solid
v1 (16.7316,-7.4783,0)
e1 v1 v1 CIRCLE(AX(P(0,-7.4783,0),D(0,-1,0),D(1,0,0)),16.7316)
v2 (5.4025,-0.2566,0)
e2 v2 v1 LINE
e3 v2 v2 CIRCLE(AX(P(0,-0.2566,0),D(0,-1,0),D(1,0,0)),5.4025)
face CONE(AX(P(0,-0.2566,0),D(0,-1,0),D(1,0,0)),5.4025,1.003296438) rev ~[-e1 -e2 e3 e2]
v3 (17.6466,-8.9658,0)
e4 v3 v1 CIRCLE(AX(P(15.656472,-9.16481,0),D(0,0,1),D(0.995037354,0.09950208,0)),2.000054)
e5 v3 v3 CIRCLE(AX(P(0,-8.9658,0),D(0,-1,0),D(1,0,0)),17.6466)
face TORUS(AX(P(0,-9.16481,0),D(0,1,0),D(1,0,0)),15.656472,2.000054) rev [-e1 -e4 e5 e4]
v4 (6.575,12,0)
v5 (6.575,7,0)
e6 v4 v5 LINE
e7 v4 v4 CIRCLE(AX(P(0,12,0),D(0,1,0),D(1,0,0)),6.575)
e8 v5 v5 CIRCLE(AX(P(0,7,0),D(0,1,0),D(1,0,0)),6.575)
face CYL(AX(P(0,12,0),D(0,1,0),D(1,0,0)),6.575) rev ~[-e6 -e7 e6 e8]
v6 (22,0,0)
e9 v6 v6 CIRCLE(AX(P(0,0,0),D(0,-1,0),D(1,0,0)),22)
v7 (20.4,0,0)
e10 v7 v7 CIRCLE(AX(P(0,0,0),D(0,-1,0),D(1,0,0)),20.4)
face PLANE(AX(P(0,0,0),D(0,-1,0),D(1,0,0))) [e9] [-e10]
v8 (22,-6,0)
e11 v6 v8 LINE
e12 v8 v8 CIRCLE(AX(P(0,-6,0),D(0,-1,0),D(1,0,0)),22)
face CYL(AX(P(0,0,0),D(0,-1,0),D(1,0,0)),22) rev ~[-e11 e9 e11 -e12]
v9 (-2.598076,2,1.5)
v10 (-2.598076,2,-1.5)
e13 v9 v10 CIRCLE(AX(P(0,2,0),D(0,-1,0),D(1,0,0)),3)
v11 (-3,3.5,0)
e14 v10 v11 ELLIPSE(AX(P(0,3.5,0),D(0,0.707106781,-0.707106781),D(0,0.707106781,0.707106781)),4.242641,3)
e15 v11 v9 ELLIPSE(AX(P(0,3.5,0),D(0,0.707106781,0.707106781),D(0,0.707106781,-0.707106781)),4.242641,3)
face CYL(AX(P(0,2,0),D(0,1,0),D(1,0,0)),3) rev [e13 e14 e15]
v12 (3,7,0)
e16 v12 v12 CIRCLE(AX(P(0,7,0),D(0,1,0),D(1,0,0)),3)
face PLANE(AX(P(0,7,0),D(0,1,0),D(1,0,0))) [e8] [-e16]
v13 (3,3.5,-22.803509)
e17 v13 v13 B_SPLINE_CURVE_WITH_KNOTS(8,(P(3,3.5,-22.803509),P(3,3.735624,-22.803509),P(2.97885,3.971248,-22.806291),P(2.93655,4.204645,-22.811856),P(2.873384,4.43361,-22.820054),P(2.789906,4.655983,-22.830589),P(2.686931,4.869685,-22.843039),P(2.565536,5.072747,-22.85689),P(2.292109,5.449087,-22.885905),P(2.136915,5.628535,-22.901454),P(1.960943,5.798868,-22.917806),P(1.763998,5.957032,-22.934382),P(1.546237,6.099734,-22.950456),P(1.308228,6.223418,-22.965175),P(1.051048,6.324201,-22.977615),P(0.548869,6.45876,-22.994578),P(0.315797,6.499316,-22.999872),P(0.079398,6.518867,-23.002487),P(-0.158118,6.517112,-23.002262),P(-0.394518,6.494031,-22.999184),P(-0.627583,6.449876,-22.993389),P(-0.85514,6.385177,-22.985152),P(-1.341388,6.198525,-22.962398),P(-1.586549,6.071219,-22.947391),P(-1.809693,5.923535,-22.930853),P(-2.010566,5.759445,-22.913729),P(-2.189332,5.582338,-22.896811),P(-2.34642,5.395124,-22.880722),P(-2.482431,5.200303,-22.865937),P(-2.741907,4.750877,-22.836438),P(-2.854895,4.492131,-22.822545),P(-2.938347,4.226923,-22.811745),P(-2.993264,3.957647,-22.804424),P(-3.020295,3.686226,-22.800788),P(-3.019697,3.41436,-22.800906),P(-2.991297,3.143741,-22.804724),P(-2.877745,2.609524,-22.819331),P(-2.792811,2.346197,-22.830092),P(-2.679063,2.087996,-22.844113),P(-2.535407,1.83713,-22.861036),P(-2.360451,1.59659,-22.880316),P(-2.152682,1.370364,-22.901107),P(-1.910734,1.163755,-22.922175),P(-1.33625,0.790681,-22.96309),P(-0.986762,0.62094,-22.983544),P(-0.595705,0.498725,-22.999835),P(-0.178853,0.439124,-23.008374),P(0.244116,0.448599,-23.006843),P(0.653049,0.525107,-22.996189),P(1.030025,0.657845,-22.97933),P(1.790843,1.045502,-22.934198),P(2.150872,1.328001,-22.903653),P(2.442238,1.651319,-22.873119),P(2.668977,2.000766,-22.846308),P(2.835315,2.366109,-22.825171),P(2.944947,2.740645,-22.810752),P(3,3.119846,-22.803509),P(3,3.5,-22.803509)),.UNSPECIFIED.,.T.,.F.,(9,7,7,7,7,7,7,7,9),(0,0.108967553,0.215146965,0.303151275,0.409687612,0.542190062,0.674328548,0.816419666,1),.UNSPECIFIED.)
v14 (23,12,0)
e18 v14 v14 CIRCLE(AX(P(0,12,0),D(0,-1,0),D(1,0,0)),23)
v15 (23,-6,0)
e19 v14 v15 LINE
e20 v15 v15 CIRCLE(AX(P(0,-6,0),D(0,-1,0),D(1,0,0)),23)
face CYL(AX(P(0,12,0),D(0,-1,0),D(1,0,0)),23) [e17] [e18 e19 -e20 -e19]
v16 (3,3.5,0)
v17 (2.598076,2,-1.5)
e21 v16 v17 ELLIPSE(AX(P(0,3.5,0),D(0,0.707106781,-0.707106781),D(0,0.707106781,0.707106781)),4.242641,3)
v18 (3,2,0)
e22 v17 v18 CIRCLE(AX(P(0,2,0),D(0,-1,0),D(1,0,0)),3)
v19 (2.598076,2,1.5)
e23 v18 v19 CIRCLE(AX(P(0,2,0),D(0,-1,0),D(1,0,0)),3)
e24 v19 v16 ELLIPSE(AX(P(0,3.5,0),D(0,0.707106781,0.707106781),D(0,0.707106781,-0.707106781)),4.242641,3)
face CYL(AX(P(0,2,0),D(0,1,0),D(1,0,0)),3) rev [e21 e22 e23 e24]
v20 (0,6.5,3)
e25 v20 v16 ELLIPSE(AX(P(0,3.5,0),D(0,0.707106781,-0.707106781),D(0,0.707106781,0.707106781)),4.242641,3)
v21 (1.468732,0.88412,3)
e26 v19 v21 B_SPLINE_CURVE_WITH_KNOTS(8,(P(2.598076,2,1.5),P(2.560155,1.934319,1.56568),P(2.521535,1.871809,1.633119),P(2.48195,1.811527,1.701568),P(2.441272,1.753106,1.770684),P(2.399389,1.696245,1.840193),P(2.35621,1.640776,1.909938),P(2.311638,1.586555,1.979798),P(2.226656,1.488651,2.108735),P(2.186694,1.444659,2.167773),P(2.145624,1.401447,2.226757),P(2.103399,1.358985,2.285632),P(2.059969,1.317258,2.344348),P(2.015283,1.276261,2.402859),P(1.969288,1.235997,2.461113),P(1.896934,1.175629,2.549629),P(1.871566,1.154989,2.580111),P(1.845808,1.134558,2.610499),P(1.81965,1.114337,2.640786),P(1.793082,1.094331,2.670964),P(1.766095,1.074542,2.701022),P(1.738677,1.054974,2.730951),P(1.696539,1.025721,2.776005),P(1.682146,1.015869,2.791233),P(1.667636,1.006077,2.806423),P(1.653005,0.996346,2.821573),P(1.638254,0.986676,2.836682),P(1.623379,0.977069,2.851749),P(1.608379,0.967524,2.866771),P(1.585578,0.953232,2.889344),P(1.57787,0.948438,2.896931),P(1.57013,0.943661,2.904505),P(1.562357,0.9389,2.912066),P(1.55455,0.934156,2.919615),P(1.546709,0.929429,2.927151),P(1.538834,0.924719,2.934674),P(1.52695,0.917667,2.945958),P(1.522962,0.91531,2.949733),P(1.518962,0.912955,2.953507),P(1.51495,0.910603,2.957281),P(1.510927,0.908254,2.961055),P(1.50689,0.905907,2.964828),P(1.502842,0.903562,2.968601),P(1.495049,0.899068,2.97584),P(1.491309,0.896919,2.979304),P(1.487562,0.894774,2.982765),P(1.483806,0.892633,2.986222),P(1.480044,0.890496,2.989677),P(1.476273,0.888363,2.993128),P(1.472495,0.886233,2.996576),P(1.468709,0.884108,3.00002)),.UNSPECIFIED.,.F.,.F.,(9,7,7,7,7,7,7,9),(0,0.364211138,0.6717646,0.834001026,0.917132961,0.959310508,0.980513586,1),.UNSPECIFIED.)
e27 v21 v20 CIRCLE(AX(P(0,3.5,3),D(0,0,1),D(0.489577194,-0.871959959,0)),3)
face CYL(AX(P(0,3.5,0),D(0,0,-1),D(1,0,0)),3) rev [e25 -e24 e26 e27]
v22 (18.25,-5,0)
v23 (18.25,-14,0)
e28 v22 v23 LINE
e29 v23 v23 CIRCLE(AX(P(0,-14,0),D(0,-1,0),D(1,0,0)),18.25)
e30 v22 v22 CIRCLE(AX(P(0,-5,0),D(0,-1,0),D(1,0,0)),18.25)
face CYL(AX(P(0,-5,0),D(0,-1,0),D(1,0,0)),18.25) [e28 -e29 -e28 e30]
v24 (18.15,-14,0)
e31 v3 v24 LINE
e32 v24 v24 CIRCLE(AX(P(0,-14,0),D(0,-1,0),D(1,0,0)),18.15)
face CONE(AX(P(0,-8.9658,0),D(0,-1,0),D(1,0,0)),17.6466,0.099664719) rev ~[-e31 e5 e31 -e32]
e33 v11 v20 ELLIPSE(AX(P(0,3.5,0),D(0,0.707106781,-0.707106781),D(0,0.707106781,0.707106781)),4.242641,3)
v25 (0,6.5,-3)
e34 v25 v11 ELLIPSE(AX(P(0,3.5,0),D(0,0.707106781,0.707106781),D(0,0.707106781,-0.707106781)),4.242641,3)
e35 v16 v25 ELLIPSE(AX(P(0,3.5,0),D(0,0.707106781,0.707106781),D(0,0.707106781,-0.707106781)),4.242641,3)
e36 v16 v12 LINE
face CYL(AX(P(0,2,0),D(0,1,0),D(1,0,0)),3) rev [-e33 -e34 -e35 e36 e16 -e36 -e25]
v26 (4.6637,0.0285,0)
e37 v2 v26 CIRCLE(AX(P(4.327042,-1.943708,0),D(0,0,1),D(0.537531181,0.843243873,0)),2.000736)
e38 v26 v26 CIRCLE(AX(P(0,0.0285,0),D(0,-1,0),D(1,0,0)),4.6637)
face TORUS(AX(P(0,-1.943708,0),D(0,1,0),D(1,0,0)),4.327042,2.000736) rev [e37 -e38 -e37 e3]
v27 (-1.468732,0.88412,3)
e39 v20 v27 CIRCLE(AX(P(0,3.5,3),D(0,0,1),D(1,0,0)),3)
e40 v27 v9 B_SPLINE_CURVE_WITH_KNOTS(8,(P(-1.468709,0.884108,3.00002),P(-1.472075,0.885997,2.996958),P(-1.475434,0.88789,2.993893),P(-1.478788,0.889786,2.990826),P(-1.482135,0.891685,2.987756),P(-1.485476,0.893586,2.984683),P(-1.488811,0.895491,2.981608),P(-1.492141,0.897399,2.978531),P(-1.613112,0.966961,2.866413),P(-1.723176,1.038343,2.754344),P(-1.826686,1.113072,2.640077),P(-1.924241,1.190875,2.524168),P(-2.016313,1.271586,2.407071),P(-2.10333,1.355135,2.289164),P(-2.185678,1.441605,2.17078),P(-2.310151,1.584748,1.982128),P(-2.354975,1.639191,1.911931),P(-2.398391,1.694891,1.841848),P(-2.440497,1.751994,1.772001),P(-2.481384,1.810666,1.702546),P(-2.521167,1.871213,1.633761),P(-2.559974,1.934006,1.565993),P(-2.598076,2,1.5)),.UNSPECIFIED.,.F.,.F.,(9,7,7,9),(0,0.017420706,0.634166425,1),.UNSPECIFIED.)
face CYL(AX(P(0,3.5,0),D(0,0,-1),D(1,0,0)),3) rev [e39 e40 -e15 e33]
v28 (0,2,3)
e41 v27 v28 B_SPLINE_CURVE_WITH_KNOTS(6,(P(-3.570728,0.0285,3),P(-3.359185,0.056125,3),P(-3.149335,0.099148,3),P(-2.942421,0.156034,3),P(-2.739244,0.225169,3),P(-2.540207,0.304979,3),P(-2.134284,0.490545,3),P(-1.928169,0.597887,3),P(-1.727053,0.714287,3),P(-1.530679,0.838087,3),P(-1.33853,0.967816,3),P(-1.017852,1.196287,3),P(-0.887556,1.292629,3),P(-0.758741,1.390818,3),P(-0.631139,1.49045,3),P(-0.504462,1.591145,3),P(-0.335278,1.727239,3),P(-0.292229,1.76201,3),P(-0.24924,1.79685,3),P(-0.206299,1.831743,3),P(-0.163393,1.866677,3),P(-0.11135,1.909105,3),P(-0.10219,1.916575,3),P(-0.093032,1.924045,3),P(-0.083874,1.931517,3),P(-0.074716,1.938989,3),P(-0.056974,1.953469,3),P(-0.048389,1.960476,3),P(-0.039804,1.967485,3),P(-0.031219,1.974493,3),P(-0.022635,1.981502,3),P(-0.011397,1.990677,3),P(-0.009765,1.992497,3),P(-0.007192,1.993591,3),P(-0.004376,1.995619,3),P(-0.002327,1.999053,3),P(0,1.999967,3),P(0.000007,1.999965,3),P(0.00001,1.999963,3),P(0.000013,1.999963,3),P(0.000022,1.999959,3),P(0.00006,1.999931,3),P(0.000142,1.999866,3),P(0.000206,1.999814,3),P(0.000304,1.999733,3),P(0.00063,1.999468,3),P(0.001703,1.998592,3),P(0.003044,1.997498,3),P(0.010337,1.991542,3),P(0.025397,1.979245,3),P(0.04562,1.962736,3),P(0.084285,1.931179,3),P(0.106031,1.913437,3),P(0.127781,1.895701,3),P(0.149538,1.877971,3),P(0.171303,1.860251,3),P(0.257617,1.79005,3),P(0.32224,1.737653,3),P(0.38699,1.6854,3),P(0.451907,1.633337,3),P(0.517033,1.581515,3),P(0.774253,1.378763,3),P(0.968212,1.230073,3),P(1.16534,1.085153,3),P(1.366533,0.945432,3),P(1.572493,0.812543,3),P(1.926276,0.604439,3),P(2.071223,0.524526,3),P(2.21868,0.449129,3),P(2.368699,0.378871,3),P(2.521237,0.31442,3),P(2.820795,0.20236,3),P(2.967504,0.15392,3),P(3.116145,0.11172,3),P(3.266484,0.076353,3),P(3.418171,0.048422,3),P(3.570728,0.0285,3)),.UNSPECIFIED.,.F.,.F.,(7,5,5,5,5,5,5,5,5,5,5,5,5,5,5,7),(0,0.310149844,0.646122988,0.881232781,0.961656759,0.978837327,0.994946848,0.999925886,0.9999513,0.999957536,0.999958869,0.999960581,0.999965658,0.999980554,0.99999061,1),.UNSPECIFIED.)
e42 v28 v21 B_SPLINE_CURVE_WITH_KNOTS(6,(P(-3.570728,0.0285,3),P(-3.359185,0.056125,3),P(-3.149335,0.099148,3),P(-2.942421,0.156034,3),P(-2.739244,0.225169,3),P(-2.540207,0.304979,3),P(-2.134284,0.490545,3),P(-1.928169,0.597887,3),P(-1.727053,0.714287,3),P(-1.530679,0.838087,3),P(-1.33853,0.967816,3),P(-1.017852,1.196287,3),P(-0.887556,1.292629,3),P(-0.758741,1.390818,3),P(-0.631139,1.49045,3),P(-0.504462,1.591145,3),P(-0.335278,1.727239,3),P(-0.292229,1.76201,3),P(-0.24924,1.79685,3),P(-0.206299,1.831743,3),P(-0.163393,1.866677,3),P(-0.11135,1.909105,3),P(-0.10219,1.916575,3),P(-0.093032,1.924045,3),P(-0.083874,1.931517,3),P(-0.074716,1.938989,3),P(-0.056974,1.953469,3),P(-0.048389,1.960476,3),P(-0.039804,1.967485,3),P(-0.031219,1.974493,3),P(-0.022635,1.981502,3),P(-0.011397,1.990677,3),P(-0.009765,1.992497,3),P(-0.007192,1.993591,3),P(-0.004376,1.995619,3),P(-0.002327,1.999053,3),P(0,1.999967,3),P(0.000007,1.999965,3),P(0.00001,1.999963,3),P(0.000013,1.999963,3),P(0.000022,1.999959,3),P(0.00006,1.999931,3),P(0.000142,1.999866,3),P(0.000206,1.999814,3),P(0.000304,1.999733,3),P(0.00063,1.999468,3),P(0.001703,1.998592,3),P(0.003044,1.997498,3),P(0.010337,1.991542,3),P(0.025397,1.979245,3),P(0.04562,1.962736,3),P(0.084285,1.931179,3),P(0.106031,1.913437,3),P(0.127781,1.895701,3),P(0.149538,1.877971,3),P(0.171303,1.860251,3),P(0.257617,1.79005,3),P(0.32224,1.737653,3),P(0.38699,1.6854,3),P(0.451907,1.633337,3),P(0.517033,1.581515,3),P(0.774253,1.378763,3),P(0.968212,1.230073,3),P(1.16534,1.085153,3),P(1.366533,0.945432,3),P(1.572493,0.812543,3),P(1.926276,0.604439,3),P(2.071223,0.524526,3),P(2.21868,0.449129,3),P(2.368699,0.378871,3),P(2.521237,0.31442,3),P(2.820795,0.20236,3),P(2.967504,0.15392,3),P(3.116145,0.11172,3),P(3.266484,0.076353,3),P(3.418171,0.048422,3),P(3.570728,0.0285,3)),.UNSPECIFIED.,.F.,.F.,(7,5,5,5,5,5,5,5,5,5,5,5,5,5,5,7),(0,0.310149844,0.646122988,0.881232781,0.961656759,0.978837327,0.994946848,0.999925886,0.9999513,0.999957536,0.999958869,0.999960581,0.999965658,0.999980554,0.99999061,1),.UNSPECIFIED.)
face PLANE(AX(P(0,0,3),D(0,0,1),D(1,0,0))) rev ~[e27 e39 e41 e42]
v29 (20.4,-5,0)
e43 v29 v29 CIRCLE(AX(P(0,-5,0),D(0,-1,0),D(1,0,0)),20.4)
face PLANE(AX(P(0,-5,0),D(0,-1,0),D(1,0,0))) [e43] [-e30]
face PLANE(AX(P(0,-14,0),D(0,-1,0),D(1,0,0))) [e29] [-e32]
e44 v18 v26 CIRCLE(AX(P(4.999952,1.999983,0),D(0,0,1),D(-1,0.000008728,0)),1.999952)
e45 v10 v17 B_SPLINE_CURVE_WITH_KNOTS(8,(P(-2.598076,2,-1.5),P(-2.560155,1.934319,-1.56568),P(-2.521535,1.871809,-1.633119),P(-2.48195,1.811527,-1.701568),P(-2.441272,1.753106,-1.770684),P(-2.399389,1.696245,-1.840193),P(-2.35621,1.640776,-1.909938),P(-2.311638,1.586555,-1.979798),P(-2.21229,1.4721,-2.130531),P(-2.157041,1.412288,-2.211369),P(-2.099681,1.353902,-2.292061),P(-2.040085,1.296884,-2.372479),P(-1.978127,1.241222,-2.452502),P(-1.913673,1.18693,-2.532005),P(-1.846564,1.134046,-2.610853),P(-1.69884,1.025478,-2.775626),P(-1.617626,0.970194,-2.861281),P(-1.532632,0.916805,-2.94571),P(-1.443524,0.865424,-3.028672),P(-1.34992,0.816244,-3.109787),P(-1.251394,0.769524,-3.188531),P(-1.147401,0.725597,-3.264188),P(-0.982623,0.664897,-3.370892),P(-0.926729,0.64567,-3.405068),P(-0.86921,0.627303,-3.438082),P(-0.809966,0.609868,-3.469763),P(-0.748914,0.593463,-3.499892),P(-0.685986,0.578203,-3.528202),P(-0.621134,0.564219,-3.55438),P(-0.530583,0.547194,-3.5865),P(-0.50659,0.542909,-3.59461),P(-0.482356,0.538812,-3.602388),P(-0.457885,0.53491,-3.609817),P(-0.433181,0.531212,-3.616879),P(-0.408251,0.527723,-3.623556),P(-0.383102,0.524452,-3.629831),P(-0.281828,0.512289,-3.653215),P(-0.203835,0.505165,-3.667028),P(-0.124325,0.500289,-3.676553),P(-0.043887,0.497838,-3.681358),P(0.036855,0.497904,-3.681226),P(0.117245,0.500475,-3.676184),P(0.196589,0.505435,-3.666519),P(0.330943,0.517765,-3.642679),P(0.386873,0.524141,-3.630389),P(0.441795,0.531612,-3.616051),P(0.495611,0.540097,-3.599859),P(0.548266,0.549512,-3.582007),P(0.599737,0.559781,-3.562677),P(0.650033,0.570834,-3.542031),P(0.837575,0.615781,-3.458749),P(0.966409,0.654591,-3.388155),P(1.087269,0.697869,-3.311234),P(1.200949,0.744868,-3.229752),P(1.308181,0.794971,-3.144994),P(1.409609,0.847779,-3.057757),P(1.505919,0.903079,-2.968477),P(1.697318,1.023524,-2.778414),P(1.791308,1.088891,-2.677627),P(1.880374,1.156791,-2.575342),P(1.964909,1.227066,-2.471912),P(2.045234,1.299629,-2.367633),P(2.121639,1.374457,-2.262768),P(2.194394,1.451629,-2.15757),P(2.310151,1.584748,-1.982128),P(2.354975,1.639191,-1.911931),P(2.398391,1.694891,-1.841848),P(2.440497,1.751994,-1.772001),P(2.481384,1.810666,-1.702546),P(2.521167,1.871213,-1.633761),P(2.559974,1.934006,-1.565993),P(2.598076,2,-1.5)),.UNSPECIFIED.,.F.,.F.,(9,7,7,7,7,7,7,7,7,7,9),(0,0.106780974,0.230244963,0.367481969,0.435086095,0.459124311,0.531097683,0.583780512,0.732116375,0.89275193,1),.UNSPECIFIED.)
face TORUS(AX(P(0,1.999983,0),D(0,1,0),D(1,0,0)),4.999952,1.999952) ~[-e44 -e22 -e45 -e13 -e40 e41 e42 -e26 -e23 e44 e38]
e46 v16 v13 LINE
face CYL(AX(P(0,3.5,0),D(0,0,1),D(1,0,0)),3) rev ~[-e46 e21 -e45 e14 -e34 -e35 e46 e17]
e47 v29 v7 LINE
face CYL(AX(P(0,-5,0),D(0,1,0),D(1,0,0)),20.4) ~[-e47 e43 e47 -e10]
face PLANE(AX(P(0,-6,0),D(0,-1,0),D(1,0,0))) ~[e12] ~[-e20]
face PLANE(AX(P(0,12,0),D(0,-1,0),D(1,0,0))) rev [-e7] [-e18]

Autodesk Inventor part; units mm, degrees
ref_plane "YZ Plane" through (0, 0, 0) normal (1, 0, 0) x (0, 1, 0)
ref_plane "XZ Plane" through (0, 0, 0) normal (0, 1, 0) x (-1, 0, 0)
ref_plane "XY Plane" through (0, 0, 0) normal (0, 0, 1) x (1, 0, 0)
sketch "Sketch1" plane through (0, 0, 0) normal (0, 0, 1) x (1, 0, 0)
  line L0 (3, 12) -> (23, 12)
  line L1 (23, 12) -> (23, 0)
  line L2 (3, 2) -> (3, 12)
  line L3 (0, 19.5472) -> (0, -22.4151)
  line L4 (23, 0) -> (22, 0) construction
  line L5 (22, 0) -> (22, -6)
  line L6 (22, -6) -> (23, -6)
  line L7 (23, -6) -> (23, 0)
  line L8 (20.4, 0) -> (17.25, 0) construction
  line L9 (17.25, 0) -> (17.25, -5) construction
  line L10 (17.25, -5) -> (20.4, -5) construction
  line L11 (20.4, -5) -> (20.4, 0)
  arc A0 (3, 2) -> (4.6637, 0.0285) centre (5, 2) ccw
  line L12 (22, 0) -> (20.4, 0)
  line L13 (17.25, 0) -> (5, 0)
  line L14 (-20.0393, 0) -> (22, 0) construction
  line L15 (23, 0) -> (24.5476, 0) construction
  line L16 (18.25, 0) -> (18.25, -5) construction
  line L17 (20.4, -5) -> (18.25, -5)
  line L18 (18.25, -5) -> (18.25, -14)
  line L19 (18.25, -14) -> (18.15, -14)
  line L20 (18.15, -14) -> (17.25, -5) construction
  line L21 (18.25, -8) -> (17.55, -8) construction
  line L22 (5.4025, -0.2566) -> (16.7316, -7.4783)
  line L23 (17.6466, -8.9658) -> (18.15, -14)
  arc A1 (17.6466, -8.9658) -> (16.7316, -7.4783) centre (15.6565, -9.1648) ccw
  arc A2 (5.4025, -0.2566) -> (4.6637, 0.0285) centre (4.3274, -1.943) ccw
  point P0 (0, 0)
  point P1 (17.25, 0)
  point P2 (17.25, -5)
  point P3 (5, 0)
  point P4 (17.9, -8)
  dimension "d0" = 6
  dimension "d2" = 1
  dimension "d5" = 5
  dimension "d6" = 1.6
  dimension "d7" = 44
  dimension "d11" = 2
  dimension "d12" = 12
  dimension "d14" = 6
  dimension "d23" = 36.5
  dimension "d24" = 1
  dimension "d25" = 0.1
  dimension "d26" = 9
  dimension "d37" = 3
  dimension "d38" = 2
  dimension "d39" = 2
revolve "Revolution1" add sketch "Sketch1" angle 360 about axis through (0, 19.5472, 0) along (0, -1, 0)
sketch "Sketch2" plane through (0, 0, 0) normal (0, 0, 1) x (1, 0, 0)
  line L0 (-3, 12) -> (3, 12) projected
  line L1 (0, 12) -> (0, 0) construction
  line L2 (-3, 2) -> (3, 2) construction
  circle A0 centre (0, 3.5) radius 3
  line L3 (-20.4, 0) -> (20.4, 0) projected
  point P0 (2.5981, 2)
  point P1 (-2.5981, 2)
  dimension "d16" = 6
  dimension "d40" = 3.5
extrude "Extrusion1" cut sketch "Sketch2" along normal blind 3 and the other way blind 33
sketch "Sketch3" plane through (0, 12, 0) normal (0, 1, 0) x (1, 0, 0)
  circle A0 centre (0, 0) radius 6.575
  circle A1 centre (0, 0) radius 3 construction
  dimension "d27" = 13.15
extrude "Extrusion2" cut sketch "Sketch3" against normal blind 5
equation "\"d0\" = t_D"
equation "\"d2\" = w_th"
equation "\"d5\" = b_rim_h"
equation "\"d6\" = lv_th"
equation "\"d7\" = b_OD"
equation "\"d11\" = fillet_D"
equation "\"d12\" = top_th_f"
equation "\"d14\" = w_l"
equation "\"d23\" = b_ID"
equation "\"d24\" = w_th"
equation "\"d25\" = tol"
equation "\"d26\" = 1.5 * w_l"
equation "\"d37\" = 0.5 * w_l"
equation "\"d38\" = fillet_D"
equation "\"d39\" = fillet_D"
equation "\"d16\" = t_D"
equation "\"d40\" = 0.5 * w_th + 0.5 * t_D"
equation "\"d18\" = 0.5 * t_D"
equation "\"d19\" = 0.75 * b_OD"
equation "\"d27\" = cn_D"
equation "\"d30\" = cn_h"
equation "\"tol\" = 0.1"
equation "\"fillet_D\" = 2"
equation "\"w_th\" = 1"
equation "\"w_l\" = 6"
equation "\"t_D\" = 6"
equation "\"t_D_f\" = t_D + w_th"
equation "\"top_th_f\" = t_D_f + cn_h"
equation "\"cn_h\" = 5"
equation "\"lv_th\" = 1.6"
equation "\"d3\" = w_l"
equation "\"d8\" = top_th_f"
equation "\"b_ID\" = 36.5"
equation "\"b_OD\" = 44"
equation "\"b_rim_h\" = 5"
equation "\"top_th\" = t_D + w_th"
equation "\"lv_OD\" = 26"
equation "\"sv_OD\" = 13"
equation "\"sv_th\" = 1.5"
equation "\"b_th\" = 1.5"
equation "\"h_s\" = 2.25"
equation "\"h_D\" = 0.75"
equation "\"v_h_D\" = 7.5"
equation "\"v_h_off\" = 0.5 * cn_D + 0.5 * v_h_D"
equation "\"cn_D\" = 13.15"
properties part number "bottle"
